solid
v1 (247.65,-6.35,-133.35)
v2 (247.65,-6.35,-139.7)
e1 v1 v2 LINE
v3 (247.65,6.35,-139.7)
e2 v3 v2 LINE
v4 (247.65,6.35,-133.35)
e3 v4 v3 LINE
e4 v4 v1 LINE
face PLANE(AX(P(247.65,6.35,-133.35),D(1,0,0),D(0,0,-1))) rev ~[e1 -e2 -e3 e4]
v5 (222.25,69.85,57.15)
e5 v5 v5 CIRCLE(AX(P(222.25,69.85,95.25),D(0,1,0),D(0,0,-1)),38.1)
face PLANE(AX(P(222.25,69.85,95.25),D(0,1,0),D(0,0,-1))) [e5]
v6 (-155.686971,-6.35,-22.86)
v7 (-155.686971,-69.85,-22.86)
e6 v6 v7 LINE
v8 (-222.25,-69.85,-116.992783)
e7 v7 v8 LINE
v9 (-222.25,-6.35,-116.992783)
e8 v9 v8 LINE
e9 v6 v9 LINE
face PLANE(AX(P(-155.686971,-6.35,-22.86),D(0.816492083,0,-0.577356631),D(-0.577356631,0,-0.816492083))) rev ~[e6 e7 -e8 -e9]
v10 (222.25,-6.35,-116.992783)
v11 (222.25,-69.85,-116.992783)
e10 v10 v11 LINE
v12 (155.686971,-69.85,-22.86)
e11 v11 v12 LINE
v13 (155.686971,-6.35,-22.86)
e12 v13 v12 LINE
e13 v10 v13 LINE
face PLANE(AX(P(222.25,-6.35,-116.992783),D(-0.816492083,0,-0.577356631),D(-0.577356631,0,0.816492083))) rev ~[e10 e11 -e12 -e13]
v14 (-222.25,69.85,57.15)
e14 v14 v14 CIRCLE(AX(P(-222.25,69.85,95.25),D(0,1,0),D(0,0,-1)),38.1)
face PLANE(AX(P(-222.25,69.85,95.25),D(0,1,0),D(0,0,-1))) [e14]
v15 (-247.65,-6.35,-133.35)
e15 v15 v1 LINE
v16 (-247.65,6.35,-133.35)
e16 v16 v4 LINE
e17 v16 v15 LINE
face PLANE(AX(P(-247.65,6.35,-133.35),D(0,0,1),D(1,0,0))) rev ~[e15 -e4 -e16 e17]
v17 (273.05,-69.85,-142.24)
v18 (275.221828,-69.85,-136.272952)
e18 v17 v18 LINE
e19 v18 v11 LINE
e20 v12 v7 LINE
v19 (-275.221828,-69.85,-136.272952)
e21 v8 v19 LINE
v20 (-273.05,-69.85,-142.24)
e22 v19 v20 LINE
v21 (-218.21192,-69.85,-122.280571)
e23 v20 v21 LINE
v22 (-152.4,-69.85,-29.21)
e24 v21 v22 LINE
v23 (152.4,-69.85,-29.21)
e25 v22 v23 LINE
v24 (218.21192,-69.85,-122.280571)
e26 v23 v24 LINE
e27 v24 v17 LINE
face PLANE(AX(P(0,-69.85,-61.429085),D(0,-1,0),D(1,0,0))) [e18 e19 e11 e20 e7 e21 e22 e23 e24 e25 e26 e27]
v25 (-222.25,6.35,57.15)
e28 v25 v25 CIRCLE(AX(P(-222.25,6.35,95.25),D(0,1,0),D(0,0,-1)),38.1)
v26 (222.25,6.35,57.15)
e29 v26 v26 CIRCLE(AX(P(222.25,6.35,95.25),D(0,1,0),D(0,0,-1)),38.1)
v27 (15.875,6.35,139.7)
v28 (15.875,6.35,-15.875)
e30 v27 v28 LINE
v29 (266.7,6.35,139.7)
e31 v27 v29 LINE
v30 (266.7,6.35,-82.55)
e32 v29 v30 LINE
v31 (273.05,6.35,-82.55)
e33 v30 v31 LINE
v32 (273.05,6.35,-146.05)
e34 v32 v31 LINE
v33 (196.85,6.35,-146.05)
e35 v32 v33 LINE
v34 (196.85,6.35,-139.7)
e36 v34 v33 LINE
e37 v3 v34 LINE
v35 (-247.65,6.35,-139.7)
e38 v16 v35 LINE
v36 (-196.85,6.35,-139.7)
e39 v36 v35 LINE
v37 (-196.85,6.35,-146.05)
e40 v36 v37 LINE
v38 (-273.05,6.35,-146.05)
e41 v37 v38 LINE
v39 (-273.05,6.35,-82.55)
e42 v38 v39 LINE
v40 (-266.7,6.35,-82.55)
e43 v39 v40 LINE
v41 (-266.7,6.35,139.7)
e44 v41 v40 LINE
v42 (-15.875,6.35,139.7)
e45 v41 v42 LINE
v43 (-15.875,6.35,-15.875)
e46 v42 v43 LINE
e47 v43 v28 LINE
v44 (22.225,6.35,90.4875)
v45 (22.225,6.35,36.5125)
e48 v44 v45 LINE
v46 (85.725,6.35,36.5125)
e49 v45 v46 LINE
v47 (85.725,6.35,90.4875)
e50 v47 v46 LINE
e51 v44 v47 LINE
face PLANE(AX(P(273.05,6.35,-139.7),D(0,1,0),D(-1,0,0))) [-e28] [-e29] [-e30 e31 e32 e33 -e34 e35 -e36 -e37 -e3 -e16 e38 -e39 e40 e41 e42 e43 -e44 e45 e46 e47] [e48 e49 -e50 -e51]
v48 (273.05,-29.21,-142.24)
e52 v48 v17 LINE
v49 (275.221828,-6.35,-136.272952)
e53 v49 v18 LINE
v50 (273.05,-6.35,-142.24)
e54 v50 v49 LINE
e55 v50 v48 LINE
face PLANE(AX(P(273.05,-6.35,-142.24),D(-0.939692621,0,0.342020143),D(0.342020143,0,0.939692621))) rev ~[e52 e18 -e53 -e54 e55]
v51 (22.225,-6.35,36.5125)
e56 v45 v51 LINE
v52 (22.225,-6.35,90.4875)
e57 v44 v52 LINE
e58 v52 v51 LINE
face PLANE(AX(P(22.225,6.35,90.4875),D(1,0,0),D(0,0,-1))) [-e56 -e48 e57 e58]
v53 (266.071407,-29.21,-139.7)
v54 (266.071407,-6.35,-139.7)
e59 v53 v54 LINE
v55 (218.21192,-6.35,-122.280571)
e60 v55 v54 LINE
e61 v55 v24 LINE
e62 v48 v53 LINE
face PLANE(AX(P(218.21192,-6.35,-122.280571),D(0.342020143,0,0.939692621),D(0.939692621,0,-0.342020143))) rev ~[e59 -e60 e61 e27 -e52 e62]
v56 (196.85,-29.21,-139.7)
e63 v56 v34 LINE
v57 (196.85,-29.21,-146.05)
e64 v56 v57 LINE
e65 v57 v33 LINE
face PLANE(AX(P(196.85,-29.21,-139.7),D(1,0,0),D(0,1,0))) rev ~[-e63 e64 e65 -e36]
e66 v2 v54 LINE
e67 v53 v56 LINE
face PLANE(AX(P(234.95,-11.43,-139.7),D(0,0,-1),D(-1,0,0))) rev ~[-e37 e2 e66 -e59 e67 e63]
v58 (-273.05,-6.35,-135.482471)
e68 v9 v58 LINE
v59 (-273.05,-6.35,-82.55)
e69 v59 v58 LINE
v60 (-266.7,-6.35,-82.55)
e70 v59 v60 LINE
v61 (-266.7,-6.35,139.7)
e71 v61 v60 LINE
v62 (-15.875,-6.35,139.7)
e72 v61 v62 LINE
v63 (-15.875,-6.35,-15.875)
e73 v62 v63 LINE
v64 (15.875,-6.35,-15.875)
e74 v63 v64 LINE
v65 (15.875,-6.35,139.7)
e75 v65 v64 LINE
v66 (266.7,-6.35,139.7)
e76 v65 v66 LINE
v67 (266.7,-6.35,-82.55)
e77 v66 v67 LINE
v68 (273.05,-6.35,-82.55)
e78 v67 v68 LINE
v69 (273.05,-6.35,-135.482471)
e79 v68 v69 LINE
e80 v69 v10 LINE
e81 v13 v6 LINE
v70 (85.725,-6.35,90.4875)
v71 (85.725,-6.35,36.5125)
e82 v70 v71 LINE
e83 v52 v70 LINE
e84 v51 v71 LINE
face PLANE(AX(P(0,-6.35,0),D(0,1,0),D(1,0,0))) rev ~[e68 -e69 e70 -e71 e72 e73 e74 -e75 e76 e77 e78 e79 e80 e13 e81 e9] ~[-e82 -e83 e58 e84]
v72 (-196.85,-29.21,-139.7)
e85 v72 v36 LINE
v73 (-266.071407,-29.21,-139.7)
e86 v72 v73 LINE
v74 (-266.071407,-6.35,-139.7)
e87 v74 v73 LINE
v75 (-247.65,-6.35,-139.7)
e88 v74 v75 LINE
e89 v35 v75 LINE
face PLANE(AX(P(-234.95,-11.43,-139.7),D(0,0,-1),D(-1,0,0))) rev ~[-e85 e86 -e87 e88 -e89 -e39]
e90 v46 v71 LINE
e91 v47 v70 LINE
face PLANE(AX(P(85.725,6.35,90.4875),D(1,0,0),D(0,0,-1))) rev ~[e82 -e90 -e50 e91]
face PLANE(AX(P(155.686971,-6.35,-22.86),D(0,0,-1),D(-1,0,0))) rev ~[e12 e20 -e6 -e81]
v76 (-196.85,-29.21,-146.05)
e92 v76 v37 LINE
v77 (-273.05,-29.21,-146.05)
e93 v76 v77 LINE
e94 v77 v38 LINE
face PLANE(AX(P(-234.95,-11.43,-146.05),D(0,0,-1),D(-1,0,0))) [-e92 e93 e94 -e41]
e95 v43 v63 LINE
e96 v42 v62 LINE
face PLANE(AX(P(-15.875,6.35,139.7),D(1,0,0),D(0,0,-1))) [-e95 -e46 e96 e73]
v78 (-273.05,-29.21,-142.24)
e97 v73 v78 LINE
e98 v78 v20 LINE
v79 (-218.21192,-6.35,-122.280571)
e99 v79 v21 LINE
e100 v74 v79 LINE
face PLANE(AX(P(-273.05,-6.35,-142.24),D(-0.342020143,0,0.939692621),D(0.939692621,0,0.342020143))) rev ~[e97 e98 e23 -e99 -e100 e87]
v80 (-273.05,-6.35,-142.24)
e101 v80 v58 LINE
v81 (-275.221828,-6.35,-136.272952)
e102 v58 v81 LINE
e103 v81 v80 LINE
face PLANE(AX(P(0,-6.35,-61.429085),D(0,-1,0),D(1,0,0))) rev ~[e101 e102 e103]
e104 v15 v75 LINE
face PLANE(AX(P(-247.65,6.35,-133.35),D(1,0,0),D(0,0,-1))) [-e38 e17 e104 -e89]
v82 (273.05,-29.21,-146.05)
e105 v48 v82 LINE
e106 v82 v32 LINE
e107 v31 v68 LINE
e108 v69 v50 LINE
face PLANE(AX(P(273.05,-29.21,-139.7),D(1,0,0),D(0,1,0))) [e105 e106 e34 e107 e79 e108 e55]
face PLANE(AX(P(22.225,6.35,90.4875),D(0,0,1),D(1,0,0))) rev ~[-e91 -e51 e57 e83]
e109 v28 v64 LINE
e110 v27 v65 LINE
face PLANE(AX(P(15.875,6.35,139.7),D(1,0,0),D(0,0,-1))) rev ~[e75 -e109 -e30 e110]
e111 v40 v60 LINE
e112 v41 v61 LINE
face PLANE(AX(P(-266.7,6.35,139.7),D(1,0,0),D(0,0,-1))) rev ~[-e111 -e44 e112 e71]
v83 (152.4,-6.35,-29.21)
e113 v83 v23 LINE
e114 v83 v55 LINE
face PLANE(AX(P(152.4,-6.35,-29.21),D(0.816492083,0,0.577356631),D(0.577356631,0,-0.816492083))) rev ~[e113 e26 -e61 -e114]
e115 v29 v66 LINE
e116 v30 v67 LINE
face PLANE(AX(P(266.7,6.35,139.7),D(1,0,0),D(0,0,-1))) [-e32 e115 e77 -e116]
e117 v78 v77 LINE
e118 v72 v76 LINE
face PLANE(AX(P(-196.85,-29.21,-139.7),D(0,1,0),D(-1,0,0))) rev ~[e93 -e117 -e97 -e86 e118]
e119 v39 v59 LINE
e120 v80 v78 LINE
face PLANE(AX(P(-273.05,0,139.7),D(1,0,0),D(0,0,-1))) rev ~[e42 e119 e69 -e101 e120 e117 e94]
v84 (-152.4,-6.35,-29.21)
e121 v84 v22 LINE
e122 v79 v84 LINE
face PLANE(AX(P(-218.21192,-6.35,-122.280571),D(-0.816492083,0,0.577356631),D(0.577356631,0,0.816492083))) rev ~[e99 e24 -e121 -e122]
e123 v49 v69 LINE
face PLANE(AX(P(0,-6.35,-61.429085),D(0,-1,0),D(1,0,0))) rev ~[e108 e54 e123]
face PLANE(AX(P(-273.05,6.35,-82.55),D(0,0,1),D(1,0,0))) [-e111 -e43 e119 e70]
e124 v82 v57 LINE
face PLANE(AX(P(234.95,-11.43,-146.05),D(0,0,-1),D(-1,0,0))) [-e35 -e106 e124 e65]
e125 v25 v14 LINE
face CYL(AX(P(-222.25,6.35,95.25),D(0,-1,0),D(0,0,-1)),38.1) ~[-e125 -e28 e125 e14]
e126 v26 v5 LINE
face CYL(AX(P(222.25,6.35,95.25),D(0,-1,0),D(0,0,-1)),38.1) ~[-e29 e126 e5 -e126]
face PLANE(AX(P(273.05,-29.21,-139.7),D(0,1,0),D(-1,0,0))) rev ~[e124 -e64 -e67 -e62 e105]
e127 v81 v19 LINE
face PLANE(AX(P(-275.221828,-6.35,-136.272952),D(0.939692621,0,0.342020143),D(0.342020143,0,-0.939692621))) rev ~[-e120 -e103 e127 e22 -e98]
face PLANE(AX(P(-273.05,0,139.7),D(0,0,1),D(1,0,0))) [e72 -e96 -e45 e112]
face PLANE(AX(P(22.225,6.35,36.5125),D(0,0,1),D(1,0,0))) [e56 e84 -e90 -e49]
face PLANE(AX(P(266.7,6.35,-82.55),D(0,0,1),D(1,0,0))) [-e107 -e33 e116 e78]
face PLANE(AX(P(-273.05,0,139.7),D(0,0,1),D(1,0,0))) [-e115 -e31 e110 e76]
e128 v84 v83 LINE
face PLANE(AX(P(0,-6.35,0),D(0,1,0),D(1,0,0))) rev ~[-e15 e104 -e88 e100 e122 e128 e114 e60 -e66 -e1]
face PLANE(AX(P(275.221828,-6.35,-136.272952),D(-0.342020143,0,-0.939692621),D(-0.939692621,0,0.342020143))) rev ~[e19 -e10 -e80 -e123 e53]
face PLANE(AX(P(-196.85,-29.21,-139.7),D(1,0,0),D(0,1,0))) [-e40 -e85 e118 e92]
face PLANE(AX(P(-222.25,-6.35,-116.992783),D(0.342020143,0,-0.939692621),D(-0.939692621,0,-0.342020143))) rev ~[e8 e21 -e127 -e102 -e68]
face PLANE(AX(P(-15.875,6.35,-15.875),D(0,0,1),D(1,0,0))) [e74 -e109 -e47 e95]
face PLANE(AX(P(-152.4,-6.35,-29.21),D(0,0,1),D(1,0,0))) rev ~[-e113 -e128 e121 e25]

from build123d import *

# Parameters (mm, degrees)
SKETCH1_W           = 546.1
SKETCH1_H           = 279.4
BOSS_EXTRUDE1_DEPTH = 6.35
SKETCH2_W           = 31.75
SKETCH2_H           = 155.575
SKETCH2_W_2         = 6.35
SKETCH2_H_2         = 222.25
SKETCH2_W_3         = 63.5
SKETCH2_H_3         = 53.975
SKETCH2_W_4         = 495.3
SKETCH2_H_4         = 6.35
CUT_EXTRUDE1_DEPTH  = 307.975051918
EXTRUDE2_DEPTH      = 63.5
SKETCH4_R           = 38.1
BOSS_EXTRUDE2_DEPTH = 63.5
SKETCH5_W           = 76.2
SKETCH5_H           = 35.56
BOSS_EXTRUDE3_DEPTH = 6.35


with BuildPart() as part:
    # Sketch1 → Boss-Extrude1 (new, symmetric)
    with BuildSketch(Plane(origin=(0, 0, 0), x_dir=(1, 0, 0), z_dir=(0, 1, 0))):
        Rectangle(SKETCH1_W, SKETCH1_H)
    extrude(amount=BOSS_EXTRUDE1_DEPTH, both=True)

    # Sketch2 → Cut-Extrude1 (cut, through all)
    with BuildSketch(Plane(origin=(0, 6.35, 0), x_dir=(1, 0, 0), z_dir=(0, 1, 0))):
        with Locations((0, -61.9125)):
            Rectangle(SKETCH2_W, SKETCH2_H)
        with Locations((-269.875, -28.575)):
            Rectangle(SKETCH2_W_2, SKETCH2_H_2)
        with Locations((53.975, -63.5)):
            Rectangle(SKETCH2_W_3, SKETCH2_H_3)
        with Locations((0, 136.525)):
            Rectangle(SKETCH2_W_4, SKETCH2_H_4)
        with Locations((269.875, -28.575)):
            Rectangle(SKETCH2_W_2, SKETCH2_H_2)
    extrude(amount=-CUT_EXTRUDE1_DEPTH, mode=Mode.SUBTRACT)

    # Sketch3 → Extrude2 (add)
    with BuildSketch(Plane.XZ.offset(6.35)):
        Polygon((222.25, -116.992783244), (155.686970507, -22.86), (-155.686970507, -22.86), (-222.25, -116.992783244), (-275.22182791, -136.272951858), (-273.05, -142.24), (-218.211919626, -122.28057104), (-152.4, -29.21), (152.4, -29.21), (218.211919626, -122.28057104), (273.05, -142.24), (275.22182791, -136.272951858), align=None)
    extrude(amount=EXTRUDE2_DEPTH)

    # Sketch4 → Boss-Extrude2 (add)
    with BuildSketch(Plane(origin=(0, 6.35, 0), x_dir=(1, 0, 0), z_dir=(0, 1, 0))):
        with Locations(Location((222.25, -95.25, 0), (0, 0, 90))):
            Circle(SKETCH4_R)
        with Locations(Location((-222.25, -95.25, 0), (0, 0, 90))):
            Circle(SKETCH4_R)
    extrude(amount=BOSS_EXTRUDE2_DEPTH)

    # Sketch5 → Boss-Extrude3 (add)
    with BuildSketch(Plane(origin=(0, 0, -139.7), x_dir=(-1, 0, 0), z_dir=(0, 0, -1))):
        with Locations((-234.95, -11.43)):
            Rectangle(SKETCH5_W, SKETCH5_H)
        with Locations((234.95, -11.43)):
            Rectangle(SKETCH5_W, SKETCH5_H)
    extrude(amount=BOSS_EXTRUDE3_DEPTH)


solid = part.part
